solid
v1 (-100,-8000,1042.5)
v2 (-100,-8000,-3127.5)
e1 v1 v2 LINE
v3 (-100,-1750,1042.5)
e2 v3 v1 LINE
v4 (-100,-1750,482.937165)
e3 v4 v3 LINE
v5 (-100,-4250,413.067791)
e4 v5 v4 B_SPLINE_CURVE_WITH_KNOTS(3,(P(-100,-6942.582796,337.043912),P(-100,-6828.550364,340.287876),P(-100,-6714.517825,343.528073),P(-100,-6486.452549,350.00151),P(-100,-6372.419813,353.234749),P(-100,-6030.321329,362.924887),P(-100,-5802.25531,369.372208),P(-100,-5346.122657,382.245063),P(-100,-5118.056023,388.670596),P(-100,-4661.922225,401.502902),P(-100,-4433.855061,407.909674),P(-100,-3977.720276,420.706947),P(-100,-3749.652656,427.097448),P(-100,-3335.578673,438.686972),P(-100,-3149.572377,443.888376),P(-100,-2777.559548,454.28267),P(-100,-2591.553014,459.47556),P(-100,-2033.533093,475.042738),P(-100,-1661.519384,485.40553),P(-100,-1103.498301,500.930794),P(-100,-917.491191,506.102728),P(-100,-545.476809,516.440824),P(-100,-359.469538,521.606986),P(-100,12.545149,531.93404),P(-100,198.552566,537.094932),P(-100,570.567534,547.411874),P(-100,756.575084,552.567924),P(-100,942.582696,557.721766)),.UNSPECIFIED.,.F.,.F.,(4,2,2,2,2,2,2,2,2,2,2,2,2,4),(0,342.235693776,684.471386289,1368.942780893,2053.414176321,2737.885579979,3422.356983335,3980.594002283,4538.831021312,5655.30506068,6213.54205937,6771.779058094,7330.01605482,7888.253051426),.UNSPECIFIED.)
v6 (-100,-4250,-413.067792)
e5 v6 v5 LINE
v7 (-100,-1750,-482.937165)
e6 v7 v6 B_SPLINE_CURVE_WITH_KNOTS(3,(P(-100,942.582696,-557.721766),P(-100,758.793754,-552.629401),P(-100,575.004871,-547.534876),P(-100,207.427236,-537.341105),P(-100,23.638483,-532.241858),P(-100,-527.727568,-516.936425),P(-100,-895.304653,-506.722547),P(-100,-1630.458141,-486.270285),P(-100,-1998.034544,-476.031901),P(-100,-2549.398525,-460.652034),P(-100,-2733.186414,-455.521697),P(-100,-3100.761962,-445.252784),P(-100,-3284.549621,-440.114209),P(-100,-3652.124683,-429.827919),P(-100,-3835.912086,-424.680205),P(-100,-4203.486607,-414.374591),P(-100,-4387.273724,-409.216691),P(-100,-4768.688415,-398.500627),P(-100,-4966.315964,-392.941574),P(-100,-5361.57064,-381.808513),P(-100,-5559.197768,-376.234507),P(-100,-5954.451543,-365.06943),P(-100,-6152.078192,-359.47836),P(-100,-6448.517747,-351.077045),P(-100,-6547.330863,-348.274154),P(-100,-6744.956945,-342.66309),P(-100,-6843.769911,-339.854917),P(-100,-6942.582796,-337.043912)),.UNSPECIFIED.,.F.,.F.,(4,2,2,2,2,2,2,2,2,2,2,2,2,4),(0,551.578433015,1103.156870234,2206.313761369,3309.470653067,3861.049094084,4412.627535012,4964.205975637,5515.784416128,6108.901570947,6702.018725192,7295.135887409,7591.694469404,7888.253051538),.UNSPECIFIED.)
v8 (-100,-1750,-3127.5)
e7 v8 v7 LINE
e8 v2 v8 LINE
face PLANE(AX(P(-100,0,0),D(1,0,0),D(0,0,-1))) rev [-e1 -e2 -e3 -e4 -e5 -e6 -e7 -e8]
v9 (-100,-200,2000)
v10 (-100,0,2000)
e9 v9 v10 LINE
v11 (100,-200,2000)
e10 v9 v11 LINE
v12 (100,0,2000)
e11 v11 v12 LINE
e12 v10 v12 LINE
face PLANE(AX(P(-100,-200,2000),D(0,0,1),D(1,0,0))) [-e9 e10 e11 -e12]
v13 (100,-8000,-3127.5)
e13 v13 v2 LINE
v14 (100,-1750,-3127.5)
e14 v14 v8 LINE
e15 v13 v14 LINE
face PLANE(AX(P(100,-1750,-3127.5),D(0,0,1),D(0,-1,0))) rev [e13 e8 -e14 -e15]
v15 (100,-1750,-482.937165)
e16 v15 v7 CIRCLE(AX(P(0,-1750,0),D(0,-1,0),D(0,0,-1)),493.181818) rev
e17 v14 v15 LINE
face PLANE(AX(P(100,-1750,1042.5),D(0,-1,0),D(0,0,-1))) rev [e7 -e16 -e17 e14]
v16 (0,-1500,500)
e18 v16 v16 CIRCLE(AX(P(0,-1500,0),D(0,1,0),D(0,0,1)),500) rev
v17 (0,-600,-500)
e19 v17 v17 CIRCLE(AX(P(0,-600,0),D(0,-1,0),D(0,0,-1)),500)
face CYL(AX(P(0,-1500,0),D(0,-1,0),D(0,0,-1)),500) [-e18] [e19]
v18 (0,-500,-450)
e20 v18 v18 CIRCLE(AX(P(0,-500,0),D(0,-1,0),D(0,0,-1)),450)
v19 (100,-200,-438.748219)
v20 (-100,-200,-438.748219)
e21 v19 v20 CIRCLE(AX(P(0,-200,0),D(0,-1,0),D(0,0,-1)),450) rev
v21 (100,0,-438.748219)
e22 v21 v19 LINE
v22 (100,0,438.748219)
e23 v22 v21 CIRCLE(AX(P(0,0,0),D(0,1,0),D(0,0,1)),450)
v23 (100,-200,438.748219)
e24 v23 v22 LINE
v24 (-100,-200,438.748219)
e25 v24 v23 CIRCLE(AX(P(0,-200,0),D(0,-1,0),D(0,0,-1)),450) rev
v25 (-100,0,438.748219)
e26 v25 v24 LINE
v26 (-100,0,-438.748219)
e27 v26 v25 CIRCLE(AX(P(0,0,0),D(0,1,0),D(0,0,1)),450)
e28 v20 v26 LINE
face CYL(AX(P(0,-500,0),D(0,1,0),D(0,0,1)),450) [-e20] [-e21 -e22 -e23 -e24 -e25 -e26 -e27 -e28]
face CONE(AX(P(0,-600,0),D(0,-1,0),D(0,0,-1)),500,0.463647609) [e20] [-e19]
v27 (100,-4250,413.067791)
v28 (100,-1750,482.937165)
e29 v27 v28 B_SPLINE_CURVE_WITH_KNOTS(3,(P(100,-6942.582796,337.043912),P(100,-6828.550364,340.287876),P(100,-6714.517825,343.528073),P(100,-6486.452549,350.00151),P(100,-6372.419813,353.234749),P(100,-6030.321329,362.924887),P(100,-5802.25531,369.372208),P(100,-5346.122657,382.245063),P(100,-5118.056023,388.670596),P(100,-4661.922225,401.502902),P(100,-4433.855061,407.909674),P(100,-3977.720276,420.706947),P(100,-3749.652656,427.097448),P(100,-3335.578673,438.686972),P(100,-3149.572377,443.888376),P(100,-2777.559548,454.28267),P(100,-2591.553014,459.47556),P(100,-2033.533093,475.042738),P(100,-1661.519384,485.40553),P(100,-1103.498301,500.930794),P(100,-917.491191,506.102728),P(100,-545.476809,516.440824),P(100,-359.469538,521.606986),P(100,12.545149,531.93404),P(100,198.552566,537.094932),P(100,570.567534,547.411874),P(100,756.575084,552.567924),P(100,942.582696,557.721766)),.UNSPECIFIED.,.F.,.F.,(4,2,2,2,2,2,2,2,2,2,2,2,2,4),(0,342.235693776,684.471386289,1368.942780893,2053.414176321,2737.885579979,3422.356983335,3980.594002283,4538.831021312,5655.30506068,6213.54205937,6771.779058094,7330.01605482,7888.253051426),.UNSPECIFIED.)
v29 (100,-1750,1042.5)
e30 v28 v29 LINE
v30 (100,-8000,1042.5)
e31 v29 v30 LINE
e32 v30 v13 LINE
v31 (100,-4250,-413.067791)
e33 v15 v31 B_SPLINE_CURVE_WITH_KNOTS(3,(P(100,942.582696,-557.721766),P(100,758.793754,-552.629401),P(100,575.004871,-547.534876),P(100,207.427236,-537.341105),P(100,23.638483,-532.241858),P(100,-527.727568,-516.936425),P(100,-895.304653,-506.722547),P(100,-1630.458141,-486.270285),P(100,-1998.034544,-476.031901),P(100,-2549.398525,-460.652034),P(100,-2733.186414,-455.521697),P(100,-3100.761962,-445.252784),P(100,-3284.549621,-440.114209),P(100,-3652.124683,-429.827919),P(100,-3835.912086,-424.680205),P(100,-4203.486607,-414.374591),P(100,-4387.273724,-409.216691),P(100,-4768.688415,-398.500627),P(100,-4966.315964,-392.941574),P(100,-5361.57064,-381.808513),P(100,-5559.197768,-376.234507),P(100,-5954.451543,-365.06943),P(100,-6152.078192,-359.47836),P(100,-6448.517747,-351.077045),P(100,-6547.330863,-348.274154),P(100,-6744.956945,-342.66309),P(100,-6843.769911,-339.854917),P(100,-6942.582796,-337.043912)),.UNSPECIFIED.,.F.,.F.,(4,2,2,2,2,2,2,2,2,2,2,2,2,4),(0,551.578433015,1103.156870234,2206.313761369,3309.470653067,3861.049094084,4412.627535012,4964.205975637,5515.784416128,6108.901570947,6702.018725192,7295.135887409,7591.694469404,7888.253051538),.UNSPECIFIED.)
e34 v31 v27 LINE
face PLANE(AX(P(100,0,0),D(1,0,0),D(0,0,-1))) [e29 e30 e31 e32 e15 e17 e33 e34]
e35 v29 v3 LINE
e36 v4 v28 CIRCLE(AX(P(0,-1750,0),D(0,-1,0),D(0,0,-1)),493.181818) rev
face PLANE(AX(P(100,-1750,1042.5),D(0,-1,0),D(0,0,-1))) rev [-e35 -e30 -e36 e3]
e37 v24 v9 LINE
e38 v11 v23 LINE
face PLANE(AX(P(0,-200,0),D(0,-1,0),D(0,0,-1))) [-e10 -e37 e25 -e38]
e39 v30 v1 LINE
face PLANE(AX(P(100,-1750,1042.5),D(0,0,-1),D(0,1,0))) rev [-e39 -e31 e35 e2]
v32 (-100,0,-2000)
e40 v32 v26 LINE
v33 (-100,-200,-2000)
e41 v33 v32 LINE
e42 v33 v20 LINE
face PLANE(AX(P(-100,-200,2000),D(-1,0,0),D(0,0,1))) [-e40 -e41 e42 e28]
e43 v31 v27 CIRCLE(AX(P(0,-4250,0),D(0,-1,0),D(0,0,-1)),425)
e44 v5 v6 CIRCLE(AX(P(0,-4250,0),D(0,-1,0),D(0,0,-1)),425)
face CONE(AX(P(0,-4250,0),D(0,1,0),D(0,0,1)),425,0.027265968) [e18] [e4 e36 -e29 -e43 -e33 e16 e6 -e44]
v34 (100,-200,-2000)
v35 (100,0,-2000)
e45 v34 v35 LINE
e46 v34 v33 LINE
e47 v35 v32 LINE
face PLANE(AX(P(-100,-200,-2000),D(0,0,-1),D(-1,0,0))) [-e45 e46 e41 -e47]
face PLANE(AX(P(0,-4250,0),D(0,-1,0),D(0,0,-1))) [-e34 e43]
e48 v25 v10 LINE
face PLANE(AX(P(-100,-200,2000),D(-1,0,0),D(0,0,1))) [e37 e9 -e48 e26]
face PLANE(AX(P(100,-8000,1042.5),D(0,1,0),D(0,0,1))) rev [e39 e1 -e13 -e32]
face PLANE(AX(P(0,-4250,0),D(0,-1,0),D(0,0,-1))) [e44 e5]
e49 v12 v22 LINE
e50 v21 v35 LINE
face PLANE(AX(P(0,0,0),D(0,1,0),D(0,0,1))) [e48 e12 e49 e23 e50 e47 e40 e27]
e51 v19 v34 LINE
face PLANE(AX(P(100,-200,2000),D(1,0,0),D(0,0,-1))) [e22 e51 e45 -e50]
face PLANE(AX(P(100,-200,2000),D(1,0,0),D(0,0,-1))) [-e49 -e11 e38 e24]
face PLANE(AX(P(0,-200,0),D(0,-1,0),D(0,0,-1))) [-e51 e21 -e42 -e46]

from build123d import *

# Parameters (mm, degrees)
SKETCH_8_R       = 450
EXTRUDE_3_DEPTH  = 500
SKETCH_20_R      = 425
SKETCH_22_W      = 4170
SKETCH_22_H      = 6250
EXTRUDE_9_DEPTH  = 100
SKETCH_25_W      = 200
SKETCH_25_H      = 4000
EXTRUDE_12_DEPTH = 200


with BuildPart() as part:
    # 草图8 → 凸台-拉伸3 (new body)
    with BuildSketch(Plane(origin=(0, 0, 0), x_dir=(1, 0, 0), z_dir=(0, 1, 0))):
        with Locations(Location((0, 0, 0), (0, 0, 270))):
            Circle(SKETCH_8_R)
    extrude(amount=-EXTRUDE_3_DEPTH)

    # 草图19 → 旋转1 (revolve)
    with BuildSketch(Plane(origin=(0, 0, 0), x_dir=(0, 0, -1), z_dir=(1, 0, 0))):
        Polygon((450, -500), (500, -600), (500, -1500), (0, -1500), (0, -500), align=None)
    revolve(axis=Axis((0, -1500, 0), (0, 1, 0)))

    # 草图20 → section 1 of loft_2
    with BuildSketch(Plane(origin=(0, -4250, 0), x_dir=(-1, 0, 0), z_dir=(0, -1, 0)), mode=Mode.PRIVATE) as loft_2_s1:
        Circle(SKETCH_20_R)
    # loft up to a face of the part (loft_2)
    loft([Face(Wire([part.edges().sort_by_distance((364.484313711, -1500, 342.273552964))[0]])), loft_2_s1.sketch])

    # 草图22 → 凸台-拉伸9 (add, symmetric)
    with BuildSketch(Plane(origin=(0, 0, 0), x_dir=(0, 0, -1), z_dir=(1, 0, 0))):
        with Locations((1042.5, -4875)):
            Rectangle(SKETCH_22_W, SKETCH_22_H)
    extrude(amount=EXTRUDE_9_DEPTH, both=True)

    # 草图25 → 凸台-拉伸12 (add)
    with BuildSketch(Plane(origin=(0, 0, 0), x_dir=(1, 0, 0), z_dir=(0, 1, 0))):
        Rectangle(SKETCH_25_W, SKETCH_25_H)
    extrude(amount=-EXTRUDE_12_DEPTH)


solid = part.part
